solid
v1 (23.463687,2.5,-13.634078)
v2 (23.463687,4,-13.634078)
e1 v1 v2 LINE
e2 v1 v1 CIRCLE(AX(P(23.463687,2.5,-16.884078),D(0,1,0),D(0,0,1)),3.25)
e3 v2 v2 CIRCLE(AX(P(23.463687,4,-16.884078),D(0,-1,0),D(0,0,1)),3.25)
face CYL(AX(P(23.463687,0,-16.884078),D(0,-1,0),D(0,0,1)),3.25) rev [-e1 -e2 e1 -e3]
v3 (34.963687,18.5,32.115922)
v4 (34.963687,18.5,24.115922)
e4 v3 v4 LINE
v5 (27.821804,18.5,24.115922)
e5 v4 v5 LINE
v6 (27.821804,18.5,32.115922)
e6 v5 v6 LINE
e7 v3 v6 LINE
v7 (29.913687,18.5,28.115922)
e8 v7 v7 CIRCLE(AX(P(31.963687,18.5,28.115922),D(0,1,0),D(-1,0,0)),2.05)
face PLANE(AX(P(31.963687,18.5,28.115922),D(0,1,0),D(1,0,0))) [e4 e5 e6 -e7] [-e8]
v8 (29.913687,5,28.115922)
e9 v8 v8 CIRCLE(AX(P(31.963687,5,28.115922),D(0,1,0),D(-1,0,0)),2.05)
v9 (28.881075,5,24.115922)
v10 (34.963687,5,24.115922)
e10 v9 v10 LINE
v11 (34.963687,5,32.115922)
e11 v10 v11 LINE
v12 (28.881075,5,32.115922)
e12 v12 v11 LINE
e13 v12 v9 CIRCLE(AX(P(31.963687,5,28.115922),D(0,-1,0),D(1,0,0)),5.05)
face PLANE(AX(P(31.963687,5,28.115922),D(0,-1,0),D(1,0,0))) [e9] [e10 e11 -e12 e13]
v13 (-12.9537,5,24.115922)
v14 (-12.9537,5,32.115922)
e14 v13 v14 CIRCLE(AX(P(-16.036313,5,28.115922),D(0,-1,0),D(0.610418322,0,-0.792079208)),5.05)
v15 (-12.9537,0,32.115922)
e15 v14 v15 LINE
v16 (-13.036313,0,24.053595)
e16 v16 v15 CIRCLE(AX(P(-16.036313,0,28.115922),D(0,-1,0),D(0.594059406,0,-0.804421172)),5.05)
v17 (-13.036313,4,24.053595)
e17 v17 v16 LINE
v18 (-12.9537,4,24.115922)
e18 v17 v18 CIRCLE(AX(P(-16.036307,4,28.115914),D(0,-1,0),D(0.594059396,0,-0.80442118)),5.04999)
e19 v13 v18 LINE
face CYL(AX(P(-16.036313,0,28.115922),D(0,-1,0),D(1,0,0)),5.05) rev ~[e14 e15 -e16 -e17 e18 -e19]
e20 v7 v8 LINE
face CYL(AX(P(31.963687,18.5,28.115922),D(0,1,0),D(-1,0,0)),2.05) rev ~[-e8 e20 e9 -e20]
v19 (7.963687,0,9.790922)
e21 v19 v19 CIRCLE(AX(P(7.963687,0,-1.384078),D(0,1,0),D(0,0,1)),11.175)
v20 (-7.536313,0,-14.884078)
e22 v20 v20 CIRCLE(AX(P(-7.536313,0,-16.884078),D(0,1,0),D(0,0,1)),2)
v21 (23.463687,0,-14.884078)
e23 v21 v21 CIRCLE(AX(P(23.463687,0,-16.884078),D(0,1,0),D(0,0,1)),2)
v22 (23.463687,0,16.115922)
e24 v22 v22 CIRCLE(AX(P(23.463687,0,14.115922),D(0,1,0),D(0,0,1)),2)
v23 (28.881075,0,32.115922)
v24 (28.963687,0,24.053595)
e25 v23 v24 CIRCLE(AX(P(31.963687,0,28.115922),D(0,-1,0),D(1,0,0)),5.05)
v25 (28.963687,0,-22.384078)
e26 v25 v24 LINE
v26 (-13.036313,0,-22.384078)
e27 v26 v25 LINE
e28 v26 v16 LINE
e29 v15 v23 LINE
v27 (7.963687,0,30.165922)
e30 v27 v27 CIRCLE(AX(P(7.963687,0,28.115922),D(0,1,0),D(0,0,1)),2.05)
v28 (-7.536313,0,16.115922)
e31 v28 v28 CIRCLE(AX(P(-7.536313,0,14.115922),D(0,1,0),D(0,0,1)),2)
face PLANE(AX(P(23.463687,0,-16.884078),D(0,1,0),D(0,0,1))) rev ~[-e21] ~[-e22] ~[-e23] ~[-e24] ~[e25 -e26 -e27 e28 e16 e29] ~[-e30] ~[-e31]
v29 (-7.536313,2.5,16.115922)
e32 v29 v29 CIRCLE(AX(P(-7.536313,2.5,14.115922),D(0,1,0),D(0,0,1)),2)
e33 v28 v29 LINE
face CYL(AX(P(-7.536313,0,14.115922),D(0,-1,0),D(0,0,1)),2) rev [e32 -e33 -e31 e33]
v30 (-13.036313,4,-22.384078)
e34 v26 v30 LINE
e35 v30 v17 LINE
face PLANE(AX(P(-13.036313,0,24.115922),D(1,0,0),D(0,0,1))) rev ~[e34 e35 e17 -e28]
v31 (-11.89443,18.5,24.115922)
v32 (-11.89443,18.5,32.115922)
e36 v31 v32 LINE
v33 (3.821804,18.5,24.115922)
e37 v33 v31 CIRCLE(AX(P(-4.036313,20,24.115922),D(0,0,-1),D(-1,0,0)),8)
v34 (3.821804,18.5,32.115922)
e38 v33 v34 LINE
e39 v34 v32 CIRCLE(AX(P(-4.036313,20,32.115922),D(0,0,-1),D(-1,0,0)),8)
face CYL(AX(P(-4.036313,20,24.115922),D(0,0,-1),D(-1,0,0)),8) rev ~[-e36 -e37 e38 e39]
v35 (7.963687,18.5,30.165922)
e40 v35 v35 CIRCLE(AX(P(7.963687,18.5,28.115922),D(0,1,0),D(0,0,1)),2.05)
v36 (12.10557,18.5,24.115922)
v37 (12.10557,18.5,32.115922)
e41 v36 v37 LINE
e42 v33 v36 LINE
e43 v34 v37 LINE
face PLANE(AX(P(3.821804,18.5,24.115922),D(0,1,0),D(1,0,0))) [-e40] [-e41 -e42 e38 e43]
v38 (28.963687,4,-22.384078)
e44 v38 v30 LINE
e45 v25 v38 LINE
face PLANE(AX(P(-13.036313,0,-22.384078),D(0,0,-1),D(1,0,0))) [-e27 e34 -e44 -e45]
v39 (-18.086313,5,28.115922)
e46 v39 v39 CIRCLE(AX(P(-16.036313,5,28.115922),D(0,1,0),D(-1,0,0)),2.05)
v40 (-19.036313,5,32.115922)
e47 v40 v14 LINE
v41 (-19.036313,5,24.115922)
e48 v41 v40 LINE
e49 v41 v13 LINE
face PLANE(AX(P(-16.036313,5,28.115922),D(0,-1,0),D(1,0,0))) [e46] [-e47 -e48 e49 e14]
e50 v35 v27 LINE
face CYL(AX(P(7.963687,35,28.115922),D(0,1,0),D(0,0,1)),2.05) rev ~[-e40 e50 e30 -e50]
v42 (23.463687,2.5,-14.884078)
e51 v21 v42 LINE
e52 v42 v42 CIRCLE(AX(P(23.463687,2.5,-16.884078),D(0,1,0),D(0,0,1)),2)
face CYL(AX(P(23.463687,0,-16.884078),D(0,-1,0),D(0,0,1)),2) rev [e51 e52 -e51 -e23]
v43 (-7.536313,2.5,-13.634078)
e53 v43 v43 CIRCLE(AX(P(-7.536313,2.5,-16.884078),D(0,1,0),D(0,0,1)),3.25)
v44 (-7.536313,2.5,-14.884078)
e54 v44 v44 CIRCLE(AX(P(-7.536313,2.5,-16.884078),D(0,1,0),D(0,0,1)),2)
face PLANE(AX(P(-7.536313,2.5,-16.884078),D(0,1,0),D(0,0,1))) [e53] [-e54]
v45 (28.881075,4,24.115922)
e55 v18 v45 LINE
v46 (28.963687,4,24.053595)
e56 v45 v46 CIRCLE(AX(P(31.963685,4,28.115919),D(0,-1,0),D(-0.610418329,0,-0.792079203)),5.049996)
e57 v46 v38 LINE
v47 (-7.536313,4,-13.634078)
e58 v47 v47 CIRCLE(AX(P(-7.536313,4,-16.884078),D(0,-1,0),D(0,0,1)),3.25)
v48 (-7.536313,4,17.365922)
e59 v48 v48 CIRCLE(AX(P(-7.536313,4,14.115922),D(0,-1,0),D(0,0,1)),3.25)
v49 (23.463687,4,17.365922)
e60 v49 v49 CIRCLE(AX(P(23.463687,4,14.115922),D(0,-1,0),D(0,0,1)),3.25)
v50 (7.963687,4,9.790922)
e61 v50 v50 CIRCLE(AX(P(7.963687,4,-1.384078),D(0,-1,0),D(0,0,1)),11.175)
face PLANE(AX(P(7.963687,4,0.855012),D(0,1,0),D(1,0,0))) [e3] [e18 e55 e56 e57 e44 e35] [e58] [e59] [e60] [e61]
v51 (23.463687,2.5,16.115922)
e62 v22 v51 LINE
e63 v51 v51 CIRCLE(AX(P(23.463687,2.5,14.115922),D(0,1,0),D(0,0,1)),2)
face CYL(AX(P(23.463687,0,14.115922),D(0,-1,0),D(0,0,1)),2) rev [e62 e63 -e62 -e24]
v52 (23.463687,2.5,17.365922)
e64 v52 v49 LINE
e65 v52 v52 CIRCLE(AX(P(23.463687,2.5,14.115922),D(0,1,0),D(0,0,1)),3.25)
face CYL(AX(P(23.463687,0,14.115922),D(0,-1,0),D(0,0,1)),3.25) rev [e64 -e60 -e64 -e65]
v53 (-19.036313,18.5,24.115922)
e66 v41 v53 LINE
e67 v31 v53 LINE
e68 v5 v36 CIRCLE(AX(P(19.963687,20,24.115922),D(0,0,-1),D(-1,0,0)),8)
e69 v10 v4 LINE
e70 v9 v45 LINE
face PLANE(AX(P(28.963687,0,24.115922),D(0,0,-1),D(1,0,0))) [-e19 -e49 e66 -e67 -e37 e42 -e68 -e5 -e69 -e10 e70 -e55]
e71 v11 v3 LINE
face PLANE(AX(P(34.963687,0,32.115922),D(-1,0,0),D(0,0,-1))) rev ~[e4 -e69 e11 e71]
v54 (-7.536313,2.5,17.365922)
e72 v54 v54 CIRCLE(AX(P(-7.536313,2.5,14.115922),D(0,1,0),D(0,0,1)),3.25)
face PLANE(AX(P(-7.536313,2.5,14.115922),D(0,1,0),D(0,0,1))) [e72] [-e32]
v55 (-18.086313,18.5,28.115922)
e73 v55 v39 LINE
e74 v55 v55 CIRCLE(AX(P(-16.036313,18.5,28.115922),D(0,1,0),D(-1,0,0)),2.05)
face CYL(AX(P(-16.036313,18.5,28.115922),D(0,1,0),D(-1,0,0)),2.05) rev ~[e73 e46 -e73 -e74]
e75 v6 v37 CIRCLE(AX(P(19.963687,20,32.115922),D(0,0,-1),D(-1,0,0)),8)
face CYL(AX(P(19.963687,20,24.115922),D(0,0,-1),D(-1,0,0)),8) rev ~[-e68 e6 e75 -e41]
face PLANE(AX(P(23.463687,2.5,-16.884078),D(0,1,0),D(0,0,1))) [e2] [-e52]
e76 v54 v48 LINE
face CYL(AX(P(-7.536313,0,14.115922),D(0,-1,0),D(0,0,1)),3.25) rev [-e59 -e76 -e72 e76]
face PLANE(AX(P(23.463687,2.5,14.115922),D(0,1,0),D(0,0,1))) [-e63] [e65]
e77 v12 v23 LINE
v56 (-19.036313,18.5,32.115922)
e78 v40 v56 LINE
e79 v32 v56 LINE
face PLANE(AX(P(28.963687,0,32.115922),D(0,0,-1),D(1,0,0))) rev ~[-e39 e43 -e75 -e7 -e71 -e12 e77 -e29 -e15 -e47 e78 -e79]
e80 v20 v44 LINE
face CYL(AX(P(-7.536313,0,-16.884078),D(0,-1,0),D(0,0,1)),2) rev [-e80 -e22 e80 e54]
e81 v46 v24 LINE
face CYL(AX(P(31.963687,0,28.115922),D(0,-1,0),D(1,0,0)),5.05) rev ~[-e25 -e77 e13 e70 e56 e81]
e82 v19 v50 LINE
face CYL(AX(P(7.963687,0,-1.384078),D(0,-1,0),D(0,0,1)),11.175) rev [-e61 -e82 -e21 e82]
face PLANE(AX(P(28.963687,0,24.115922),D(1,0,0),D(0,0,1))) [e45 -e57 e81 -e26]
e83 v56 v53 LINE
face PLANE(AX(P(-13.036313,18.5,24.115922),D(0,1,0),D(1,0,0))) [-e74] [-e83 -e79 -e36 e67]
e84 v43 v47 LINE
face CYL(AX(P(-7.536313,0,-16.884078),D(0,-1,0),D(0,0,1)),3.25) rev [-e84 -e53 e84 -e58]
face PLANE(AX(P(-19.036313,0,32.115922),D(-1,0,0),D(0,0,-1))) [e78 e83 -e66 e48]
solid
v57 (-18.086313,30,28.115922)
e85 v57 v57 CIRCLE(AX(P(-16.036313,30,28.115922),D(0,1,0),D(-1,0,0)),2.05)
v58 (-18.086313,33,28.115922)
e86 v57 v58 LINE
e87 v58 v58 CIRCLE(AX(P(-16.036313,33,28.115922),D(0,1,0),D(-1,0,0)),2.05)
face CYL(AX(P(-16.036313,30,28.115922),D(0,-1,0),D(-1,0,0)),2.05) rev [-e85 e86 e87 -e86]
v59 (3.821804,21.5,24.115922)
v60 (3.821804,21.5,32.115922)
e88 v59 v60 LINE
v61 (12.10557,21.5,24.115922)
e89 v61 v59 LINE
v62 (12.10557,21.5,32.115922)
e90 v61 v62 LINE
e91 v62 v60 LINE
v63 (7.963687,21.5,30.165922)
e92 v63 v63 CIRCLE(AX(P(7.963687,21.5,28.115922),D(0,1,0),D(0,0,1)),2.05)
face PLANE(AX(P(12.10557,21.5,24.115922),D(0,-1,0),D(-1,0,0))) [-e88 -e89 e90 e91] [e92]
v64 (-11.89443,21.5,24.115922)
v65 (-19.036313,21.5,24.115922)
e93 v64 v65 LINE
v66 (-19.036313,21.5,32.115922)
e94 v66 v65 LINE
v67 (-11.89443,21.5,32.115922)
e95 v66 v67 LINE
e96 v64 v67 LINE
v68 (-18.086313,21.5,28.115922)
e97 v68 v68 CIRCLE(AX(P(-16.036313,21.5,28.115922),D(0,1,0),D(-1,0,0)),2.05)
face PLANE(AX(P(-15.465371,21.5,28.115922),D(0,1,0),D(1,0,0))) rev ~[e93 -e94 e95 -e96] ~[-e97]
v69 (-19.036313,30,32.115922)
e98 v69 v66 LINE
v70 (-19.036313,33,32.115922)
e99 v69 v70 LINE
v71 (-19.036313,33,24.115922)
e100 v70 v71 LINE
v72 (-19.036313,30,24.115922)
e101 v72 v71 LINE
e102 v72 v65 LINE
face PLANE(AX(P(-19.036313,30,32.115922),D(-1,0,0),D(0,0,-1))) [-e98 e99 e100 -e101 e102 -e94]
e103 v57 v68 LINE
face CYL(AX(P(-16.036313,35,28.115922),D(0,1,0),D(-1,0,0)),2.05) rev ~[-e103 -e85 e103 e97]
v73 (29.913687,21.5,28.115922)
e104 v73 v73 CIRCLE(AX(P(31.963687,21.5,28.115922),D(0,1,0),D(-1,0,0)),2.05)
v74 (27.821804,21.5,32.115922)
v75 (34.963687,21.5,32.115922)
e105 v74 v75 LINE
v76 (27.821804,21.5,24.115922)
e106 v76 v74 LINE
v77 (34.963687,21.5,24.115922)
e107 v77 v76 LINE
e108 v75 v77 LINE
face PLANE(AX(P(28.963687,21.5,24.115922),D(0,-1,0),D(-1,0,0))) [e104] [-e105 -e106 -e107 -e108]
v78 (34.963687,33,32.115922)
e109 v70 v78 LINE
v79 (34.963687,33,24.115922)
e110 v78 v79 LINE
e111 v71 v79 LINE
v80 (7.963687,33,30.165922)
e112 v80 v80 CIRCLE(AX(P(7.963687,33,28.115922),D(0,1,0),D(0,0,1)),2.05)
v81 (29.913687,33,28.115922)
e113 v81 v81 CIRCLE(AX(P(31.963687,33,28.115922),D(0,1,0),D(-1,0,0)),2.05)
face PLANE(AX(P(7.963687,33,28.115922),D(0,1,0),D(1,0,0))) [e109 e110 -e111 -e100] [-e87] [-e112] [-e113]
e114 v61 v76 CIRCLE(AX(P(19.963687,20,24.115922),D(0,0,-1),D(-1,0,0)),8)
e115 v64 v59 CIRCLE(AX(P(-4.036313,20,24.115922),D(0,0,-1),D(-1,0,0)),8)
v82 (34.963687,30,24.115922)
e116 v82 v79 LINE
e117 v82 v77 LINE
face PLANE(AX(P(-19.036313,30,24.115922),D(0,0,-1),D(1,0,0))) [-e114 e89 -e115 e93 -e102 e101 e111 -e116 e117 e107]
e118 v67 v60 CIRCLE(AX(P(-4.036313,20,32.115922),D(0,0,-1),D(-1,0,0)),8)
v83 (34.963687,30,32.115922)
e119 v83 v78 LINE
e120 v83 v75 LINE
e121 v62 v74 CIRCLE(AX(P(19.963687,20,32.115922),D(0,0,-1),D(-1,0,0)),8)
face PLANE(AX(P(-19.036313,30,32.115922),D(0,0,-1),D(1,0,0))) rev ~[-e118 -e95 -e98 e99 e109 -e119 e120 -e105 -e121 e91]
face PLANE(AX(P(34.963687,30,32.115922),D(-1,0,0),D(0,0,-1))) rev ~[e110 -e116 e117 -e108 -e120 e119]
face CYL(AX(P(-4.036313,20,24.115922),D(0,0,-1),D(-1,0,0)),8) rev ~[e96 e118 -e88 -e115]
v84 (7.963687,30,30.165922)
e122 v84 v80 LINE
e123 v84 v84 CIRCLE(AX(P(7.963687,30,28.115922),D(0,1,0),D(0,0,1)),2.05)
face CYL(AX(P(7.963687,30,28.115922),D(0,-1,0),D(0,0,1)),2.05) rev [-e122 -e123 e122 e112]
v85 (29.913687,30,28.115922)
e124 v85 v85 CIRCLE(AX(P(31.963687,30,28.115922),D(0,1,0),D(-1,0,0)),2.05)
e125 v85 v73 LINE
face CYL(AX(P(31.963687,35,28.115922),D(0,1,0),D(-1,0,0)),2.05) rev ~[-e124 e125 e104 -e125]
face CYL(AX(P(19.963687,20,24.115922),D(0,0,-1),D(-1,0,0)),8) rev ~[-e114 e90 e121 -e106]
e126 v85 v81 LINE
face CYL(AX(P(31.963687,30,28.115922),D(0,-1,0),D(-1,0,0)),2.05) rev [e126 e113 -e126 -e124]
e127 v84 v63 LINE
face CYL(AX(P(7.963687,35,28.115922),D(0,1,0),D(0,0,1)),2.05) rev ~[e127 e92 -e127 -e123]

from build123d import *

# Parameters (mm, degrees)
SKETCH1_W           = 42
SKETCH1_H           = 54.5
SKETCH1_R           = 3.25
SKETCH1_R_2         = 11.175
BOSS_EXTRUDE1_DEPTH = 5
BOSS_EXTRUDE2_START = 5
SKETCH1_3_W         = 42
SKETCH1_3_H         = 8
BOSS_EXTRUDE2_DEPTH = 30
SKETCH2_R           = 8
CUT_EXTRUDE1_DEPTH  = 66.008808429
SKETCH3_R           = 2.05
CUT_EXTRUDE3_DEPTH  = 56.635668466
SKETCH1_4_W         = 6
SKETCH1_4_H         = 8
BOSS_EXTRUDE3_DEPTH = 18.5
SKETCH4_R           = 2.05
CUT_EXTRUDE4_DEPTH  = 51.952348832
SKETCH5_W           = 7.141883177
SKETCH5_H           = 8
SKETCH5_R           = 2.05
BOSS_EXTRUDE4_DEPTH = 13.5
SKETCH6_W           = 54
SKETCH6_H           = 8
CUT_EXTRUDE5_DEPTH  = 5
SKETCH7_W           = 6
SKETCH7_H           = 8
CUT_EXTRUDE8_DEPTH  = 5
SKETCH8_R           = 5.05
SKETCH8_R_2         = 2.05
CUT_EXTRUDE9_DEPTH  = 5
CUT_EXTRUDE10_DEPTH = 1
SKETCH10_W          = 54
SKETCH10_H          = 8
SKETCH10_R          = 2.05
BOSS_EXTRUDE5_DEPTH = 3
SKETCH1_5_R         = 3.25
SKETCH1_5_R_2       = 2
BOSS_EXTRUDE6_DEPTH = 2.5


with BuildPart() as part:
    # Sketch1 → Boss-Extrude1 (new body)
    with BuildSketch(Plane(origin=(0, 0, 0), x_dir=(1, 0, 0), z_dir=(0, 1, 0))):
        with Locations((7.963687151, -4.865921788)):
            Rectangle(SKETCH1_W, SKETCH1_H)
        with Locations(Location((23.463687151, 16.884078212, 0), (0, 0, 270))):
            Circle(SKETCH1_R, mode=Mode.SUBTRACT)
        with Locations(Location((-7.536312849, -14.115921788, 0), (0, 0, 270))):
            Circle(SKETCH1_R, mode=Mode.SUBTRACT)
        with Locations(Location((23.463687151, -14.115921788, 0), (0, 0, 270))):
            Circle(SKETCH1_R, mode=Mode.SUBTRACT)
        with Locations(Location((7.963687151, 1.384078212, 0), (0, 0, 270))):
            Circle(SKETCH1_R_2, mode=Mode.SUBTRACT)
        with Locations(Location((-7.536312849, 16.884078212, 0), (0, 0, 270))):
            Circle(SKETCH1_R, mode=Mode.SUBTRACT)
    extrude(amount=BOSS_EXTRUDE1_DEPTH)

    # Sketch1<3> → Boss-Extrude2 (add)
    with BuildSketch(Plane(origin=(0, 0, 0), x_dir=(1, 0, 0), z_dir=(0, 1, 0)).offset(BOSS_EXTRUDE2_START)):
        with Locations((7.963687151, -28.115921788)):
            Rectangle(SKETCH1_3_W, SKETCH1_3_H)
    extrude(amount=BOSS_EXTRUDE2_DEPTH)

    # Sketch2 → Cut-Extrude1 (cut, through all)
    with BuildSketch(Plane(origin=(0, 0, 24.115921788), x_dir=(-1, 0, 0), z_dir=(0, 0, -1))):
        with Locations((4.036312849, 20)):
            Circle(SKETCH2_R)
        with Locations((-19.963687151, 20)):
            Circle(SKETCH2_R)
        Polygon((-28.963687151, 20), (-28.963687151, 21.5), (13.036312849, 21.5), (13.036312849, 20), (13.036312849, 18.5), (-28.963687151, 18.5), align=None)
    extrude(amount=-CUT_EXTRUDE1_DEPTH, mode=Mode.SUBTRACT)


with BuildPart() as cut_extrude1_piece_1:
    # of the separate pieces the step leaves, piece 1, a body of its own (cut_extrude1_pieces)
    add(part.part.solids().sort_by_distance((-13.036312849, 18.5, 32.115921788))[0])


with BuildPart() as cut_extrude1_piece_2:
    # of the separate pieces the step leaves, piece 2, a body of its own (cut_extrude1_pieces)
    add(part.part.solids().sort_by_distance((-13.036312849, 35, 32.115921788))[0])


with BuildPart() as cut_extrude3_tool:
    # Sketch3 → Cut-Extrude3 (new, through all)
    with BuildSketch(Plane(origin=(0, 35, 0), x_dir=(1, 0, 0), z_dir=(0, 1, 0))):
        with Locations(Location((7.963687151, -28.115921788, 0), (0, 0, 270))):
            Circle(SKETCH3_R)
    extrude(amount=-CUT_EXTRUDE3_DEPTH)


with BuildPart() as cut_extrude1_piece_1_1:
    add(cut_extrude1_piece_1.part)

    # Cut-Extrude3: cut by cut_extrude3_tool
    add(cut_extrude3_tool.part, mode=Mode.SUBTRACT)

    # Sketch1<4> → Boss-Extrude3 (add)
    with BuildSketch(Plane(origin=(0, 0, 0), x_dir=(1, 0, 0), z_dir=(0, 1, 0))):
        with Locations((31.963687151, -28.115921788)):
            Rectangle(SKETCH1_4_W, SKETCH1_4_H)
        with Locations((-16.036312849, -28.115921788)):
            Rectangle(SKETCH1_4_W, SKETCH1_4_H)
    extrude(amount=BOSS_EXTRUDE3_DEPTH)

    # Sketch4 → Cut-Extrude4 (cut, through all)
    with BuildSketch(Plane(origin=(0, 18.5, 0), x_dir=(1, 0, 0), z_dir=(0, 1, 0))):
        with Locations(Location((-16.036312849, -28.115921788, 0), (0, 0, 180))):
            Circle(SKETCH4_R)
        with Locations(Location((31.963687151, -28.115921788, 0), (0, 0, 180))):
            Circle(SKETCH4_R)
    extrude(amount=-CUT_EXTRUDE4_DEPTH, mode=Mode.SUBTRACT)

    # Sketch7 → Cut-Extrude8 (cut)
    with BuildSketch(Plane.XZ):
        with Locations((-16.036312849, 28.115921788)):
            Rectangle(SKETCH7_W, SKETCH7_H)
        with Locations((31.963687151, 28.115921788)):
            Rectangle(SKETCH7_W, SKETCH7_H)
    extrude(amount=-CUT_EXTRUDE8_DEPTH, mode=Mode.SUBTRACT)

    # Sketch8 → Cut-Extrude9 (cut)
    # profile 1 of 2: a face of its own
    with BuildSketch(Plane.XZ):
        with Locations((-16.036312849, 28.115921788)):
            Circle(SKETCH8_R)
        with Locations(Location((-16.036312849, 28.115921788, 0), (0, 0, 180))):
            Circle(SKETCH8_R_2, mode=Mode.SUBTRACT)
    # profile 2 of 2: a face of its own
    with BuildSketch(Plane.XZ):
        with Locations((31.963687151, 28.115921788)):
            Circle(SKETCH8_R)
        with Locations(Location((31.963687151, 28.115921788, 0), (0, 0, 180))):
            Circle(SKETCH8_R_2, mode=Mode.SUBTRACT)
    extrude(amount=-CUT_EXTRUDE9_DEPTH, mode=Mode.SUBTRACT)

    # Sketch9 → Cut-Extrude10 (cut)
    with BuildSketch(Plane(origin=(0, 5, 0), x_dir=(1, 0, 0), z_dir=(0, 1, 0))):
        with BuildLine():
            Line((-12.953700321, -24.115921788), (28.881074622, -24.115921788))
            ThreePointArc((28.881074622, -24.115921788), (28.922221229, -24.084546706), (28.963687151, -24.053594868))
            Line((28.963687151, -24.053594868), (28.963687151, 22.384078212))
            Line((28.963687151, 22.384078212), (-13.036312849, 22.384078212))
            Line((-13.036312849, 22.384078212), (-13.036312849, -24.053594868))
            ThreePointArc((-13.036312849, -24.053594868), (-12.994846927, -24.084546706), (-12.953700321, -24.115921788))
        make_face()
    extrude(amount=-CUT_EXTRUDE10_DEPTH, mode=Mode.SUBTRACT)

    # Sketch1<5> → Boss-Extrude6 (add)
    # profile 1 of 4: a face of its own
    with BuildSketch(Plane(origin=(0, 0, 0), x_dir=(1, 0, 0), z_dir=(0, 1, 0))):
        with Locations(Location((23.463687151, 16.884078212, 0), (0, 0, 270))):
            Circle(SKETCH1_5_R)
        with Locations(Location((23.463687151, 16.884078212, 0), (0, 0, 270))):
            Circle(SKETCH1_5_R_2, mode=Mode.SUBTRACT)
    # profile 2 of 4: a face of its own
    with BuildSketch(Plane(origin=(0, 0, 0), x_dir=(1, 0, 0), z_dir=(0, 1, 0))):
        with Locations(Location((23.463687151, -14.115921788, 0), (0, 0, 270))):
            Circle(SKETCH1_5_R)
        with Locations(Location((23.463687151, -14.115921788, 0), (0, 0, 270))):
            Circle(SKETCH1_5_R_2, mode=Mode.SUBTRACT)
    # profile 3 of 4: a face of its own
    with BuildSketch(Plane(origin=(0, 0, 0), x_dir=(1, 0, 0), z_dir=(0, 1, 0))):
        with Locations(Location((-7.536312849, 16.884078212, 0), (0, 0, 270))):
            Circle(SKETCH1_5_R)
        with Locations(Location((-7.536312849, 16.884078212, 0), (0, 0, 270))):
            Circle(SKETCH1_5_R_2, mode=Mode.SUBTRACT)
    # profile 4 of 4: a face of its own
    with BuildSketch(Plane(origin=(0, 0, 0), x_dir=(1, 0, 0), z_dir=(0, 1, 0))):
        with Locations(Location((-7.536312849, -14.115921788, 0), (0, 0, 270))):
            Circle(SKETCH1_5_R)
        with Locations(Location((-7.536312849, -14.115921788, 0), (0, 0, 270))):
            Circle(SKETCH1_5_R_2, mode=Mode.SUBTRACT)
    extrude(amount=BOSS_EXTRUDE6_DEPTH)


with BuildPart() as cut_extrude1_piece_2_1:
    add(cut_extrude1_piece_2.part)

    # Cut-Extrude3: cut by cut_extrude3_tool
    add(cut_extrude3_tool.part, mode=Mode.SUBTRACT)

    # Sketch5 → Boss-Extrude4 (add)
    # profile 1 of 2: a face of its own
    with BuildSketch(Plane(origin=(0, 35, 0), x_dir=(1, 0, 0), z_dir=(0, 1, 0))):
        with Locations((-15.465371261, -28.115921788)):
            Rectangle(SKETCH5_W, SKETCH5_H)
        with Locations(Location((-16.036312849, -28.115921788, 0), (0, 0, 180))):
            Circle(SKETCH5_R, mode=Mode.SUBTRACT)
    # profile 2 of 2: a face of its own
    with BuildSketch(Plane(origin=(0, 35, 0), x_dir=(1, 0, 0), z_dir=(0, 1, 0))):
        with Locations((31.392745563, -28.115921788)):
            Rectangle(SKETCH5_W, SKETCH5_H)
        with Locations(Location((31.963687151, -28.115921788, 0), (0, 0, 180))):
            Circle(SKETCH5_R, mode=Mode.SUBTRACT)
    extrude(amount=-BOSS_EXTRUDE4_DEPTH)

    # Sketch6 → Cut-Extrude5 (cut)
    with BuildSketch(Plane(origin=(0, 35, 0), x_dir=(1, 0, 0), z_dir=(0, 1, 0))):
        with Locations((7.963687151, -28.115921788)):
            Rectangle(SKETCH6_W, SKETCH6_H)
    extrude(amount=-CUT_EXTRUDE5_DEPTH, mode=Mode.SUBTRACT)

    # Sketch10 → Boss-Extrude5 (add)
    with BuildSketch(Plane(origin=(0, 30, 0), x_dir=(1, 0, 0), z_dir=(0, 1, 0))):
        with Locations((7.963687151, -28.115921788)):
            Rectangle(SKETCH10_W, SKETCH10_H)
        with Locations(Location((31.963687151, -28.115921788, 0), (0, 0, 180))):
            Circle(SKETCH10_R, mode=Mode.SUBTRACT)
        with Locations(Location((7.963687151, -28.115921788, 0), (0, 0, 270))):
            Circle(SKETCH10_R, mode=Mode.SUBTRACT)
        with Locations(Location((-16.036312849, -28.115921788, 0), (0, 0, 180))):
            Circle(SKETCH10_R, mode=Mode.SUBTRACT)
    extrude(amount=BOSS_EXTRUDE5_DEPTH)


solid = Compound([cut_extrude1_piece_1_1.part, cut_extrude1_piece_2_1.part])
